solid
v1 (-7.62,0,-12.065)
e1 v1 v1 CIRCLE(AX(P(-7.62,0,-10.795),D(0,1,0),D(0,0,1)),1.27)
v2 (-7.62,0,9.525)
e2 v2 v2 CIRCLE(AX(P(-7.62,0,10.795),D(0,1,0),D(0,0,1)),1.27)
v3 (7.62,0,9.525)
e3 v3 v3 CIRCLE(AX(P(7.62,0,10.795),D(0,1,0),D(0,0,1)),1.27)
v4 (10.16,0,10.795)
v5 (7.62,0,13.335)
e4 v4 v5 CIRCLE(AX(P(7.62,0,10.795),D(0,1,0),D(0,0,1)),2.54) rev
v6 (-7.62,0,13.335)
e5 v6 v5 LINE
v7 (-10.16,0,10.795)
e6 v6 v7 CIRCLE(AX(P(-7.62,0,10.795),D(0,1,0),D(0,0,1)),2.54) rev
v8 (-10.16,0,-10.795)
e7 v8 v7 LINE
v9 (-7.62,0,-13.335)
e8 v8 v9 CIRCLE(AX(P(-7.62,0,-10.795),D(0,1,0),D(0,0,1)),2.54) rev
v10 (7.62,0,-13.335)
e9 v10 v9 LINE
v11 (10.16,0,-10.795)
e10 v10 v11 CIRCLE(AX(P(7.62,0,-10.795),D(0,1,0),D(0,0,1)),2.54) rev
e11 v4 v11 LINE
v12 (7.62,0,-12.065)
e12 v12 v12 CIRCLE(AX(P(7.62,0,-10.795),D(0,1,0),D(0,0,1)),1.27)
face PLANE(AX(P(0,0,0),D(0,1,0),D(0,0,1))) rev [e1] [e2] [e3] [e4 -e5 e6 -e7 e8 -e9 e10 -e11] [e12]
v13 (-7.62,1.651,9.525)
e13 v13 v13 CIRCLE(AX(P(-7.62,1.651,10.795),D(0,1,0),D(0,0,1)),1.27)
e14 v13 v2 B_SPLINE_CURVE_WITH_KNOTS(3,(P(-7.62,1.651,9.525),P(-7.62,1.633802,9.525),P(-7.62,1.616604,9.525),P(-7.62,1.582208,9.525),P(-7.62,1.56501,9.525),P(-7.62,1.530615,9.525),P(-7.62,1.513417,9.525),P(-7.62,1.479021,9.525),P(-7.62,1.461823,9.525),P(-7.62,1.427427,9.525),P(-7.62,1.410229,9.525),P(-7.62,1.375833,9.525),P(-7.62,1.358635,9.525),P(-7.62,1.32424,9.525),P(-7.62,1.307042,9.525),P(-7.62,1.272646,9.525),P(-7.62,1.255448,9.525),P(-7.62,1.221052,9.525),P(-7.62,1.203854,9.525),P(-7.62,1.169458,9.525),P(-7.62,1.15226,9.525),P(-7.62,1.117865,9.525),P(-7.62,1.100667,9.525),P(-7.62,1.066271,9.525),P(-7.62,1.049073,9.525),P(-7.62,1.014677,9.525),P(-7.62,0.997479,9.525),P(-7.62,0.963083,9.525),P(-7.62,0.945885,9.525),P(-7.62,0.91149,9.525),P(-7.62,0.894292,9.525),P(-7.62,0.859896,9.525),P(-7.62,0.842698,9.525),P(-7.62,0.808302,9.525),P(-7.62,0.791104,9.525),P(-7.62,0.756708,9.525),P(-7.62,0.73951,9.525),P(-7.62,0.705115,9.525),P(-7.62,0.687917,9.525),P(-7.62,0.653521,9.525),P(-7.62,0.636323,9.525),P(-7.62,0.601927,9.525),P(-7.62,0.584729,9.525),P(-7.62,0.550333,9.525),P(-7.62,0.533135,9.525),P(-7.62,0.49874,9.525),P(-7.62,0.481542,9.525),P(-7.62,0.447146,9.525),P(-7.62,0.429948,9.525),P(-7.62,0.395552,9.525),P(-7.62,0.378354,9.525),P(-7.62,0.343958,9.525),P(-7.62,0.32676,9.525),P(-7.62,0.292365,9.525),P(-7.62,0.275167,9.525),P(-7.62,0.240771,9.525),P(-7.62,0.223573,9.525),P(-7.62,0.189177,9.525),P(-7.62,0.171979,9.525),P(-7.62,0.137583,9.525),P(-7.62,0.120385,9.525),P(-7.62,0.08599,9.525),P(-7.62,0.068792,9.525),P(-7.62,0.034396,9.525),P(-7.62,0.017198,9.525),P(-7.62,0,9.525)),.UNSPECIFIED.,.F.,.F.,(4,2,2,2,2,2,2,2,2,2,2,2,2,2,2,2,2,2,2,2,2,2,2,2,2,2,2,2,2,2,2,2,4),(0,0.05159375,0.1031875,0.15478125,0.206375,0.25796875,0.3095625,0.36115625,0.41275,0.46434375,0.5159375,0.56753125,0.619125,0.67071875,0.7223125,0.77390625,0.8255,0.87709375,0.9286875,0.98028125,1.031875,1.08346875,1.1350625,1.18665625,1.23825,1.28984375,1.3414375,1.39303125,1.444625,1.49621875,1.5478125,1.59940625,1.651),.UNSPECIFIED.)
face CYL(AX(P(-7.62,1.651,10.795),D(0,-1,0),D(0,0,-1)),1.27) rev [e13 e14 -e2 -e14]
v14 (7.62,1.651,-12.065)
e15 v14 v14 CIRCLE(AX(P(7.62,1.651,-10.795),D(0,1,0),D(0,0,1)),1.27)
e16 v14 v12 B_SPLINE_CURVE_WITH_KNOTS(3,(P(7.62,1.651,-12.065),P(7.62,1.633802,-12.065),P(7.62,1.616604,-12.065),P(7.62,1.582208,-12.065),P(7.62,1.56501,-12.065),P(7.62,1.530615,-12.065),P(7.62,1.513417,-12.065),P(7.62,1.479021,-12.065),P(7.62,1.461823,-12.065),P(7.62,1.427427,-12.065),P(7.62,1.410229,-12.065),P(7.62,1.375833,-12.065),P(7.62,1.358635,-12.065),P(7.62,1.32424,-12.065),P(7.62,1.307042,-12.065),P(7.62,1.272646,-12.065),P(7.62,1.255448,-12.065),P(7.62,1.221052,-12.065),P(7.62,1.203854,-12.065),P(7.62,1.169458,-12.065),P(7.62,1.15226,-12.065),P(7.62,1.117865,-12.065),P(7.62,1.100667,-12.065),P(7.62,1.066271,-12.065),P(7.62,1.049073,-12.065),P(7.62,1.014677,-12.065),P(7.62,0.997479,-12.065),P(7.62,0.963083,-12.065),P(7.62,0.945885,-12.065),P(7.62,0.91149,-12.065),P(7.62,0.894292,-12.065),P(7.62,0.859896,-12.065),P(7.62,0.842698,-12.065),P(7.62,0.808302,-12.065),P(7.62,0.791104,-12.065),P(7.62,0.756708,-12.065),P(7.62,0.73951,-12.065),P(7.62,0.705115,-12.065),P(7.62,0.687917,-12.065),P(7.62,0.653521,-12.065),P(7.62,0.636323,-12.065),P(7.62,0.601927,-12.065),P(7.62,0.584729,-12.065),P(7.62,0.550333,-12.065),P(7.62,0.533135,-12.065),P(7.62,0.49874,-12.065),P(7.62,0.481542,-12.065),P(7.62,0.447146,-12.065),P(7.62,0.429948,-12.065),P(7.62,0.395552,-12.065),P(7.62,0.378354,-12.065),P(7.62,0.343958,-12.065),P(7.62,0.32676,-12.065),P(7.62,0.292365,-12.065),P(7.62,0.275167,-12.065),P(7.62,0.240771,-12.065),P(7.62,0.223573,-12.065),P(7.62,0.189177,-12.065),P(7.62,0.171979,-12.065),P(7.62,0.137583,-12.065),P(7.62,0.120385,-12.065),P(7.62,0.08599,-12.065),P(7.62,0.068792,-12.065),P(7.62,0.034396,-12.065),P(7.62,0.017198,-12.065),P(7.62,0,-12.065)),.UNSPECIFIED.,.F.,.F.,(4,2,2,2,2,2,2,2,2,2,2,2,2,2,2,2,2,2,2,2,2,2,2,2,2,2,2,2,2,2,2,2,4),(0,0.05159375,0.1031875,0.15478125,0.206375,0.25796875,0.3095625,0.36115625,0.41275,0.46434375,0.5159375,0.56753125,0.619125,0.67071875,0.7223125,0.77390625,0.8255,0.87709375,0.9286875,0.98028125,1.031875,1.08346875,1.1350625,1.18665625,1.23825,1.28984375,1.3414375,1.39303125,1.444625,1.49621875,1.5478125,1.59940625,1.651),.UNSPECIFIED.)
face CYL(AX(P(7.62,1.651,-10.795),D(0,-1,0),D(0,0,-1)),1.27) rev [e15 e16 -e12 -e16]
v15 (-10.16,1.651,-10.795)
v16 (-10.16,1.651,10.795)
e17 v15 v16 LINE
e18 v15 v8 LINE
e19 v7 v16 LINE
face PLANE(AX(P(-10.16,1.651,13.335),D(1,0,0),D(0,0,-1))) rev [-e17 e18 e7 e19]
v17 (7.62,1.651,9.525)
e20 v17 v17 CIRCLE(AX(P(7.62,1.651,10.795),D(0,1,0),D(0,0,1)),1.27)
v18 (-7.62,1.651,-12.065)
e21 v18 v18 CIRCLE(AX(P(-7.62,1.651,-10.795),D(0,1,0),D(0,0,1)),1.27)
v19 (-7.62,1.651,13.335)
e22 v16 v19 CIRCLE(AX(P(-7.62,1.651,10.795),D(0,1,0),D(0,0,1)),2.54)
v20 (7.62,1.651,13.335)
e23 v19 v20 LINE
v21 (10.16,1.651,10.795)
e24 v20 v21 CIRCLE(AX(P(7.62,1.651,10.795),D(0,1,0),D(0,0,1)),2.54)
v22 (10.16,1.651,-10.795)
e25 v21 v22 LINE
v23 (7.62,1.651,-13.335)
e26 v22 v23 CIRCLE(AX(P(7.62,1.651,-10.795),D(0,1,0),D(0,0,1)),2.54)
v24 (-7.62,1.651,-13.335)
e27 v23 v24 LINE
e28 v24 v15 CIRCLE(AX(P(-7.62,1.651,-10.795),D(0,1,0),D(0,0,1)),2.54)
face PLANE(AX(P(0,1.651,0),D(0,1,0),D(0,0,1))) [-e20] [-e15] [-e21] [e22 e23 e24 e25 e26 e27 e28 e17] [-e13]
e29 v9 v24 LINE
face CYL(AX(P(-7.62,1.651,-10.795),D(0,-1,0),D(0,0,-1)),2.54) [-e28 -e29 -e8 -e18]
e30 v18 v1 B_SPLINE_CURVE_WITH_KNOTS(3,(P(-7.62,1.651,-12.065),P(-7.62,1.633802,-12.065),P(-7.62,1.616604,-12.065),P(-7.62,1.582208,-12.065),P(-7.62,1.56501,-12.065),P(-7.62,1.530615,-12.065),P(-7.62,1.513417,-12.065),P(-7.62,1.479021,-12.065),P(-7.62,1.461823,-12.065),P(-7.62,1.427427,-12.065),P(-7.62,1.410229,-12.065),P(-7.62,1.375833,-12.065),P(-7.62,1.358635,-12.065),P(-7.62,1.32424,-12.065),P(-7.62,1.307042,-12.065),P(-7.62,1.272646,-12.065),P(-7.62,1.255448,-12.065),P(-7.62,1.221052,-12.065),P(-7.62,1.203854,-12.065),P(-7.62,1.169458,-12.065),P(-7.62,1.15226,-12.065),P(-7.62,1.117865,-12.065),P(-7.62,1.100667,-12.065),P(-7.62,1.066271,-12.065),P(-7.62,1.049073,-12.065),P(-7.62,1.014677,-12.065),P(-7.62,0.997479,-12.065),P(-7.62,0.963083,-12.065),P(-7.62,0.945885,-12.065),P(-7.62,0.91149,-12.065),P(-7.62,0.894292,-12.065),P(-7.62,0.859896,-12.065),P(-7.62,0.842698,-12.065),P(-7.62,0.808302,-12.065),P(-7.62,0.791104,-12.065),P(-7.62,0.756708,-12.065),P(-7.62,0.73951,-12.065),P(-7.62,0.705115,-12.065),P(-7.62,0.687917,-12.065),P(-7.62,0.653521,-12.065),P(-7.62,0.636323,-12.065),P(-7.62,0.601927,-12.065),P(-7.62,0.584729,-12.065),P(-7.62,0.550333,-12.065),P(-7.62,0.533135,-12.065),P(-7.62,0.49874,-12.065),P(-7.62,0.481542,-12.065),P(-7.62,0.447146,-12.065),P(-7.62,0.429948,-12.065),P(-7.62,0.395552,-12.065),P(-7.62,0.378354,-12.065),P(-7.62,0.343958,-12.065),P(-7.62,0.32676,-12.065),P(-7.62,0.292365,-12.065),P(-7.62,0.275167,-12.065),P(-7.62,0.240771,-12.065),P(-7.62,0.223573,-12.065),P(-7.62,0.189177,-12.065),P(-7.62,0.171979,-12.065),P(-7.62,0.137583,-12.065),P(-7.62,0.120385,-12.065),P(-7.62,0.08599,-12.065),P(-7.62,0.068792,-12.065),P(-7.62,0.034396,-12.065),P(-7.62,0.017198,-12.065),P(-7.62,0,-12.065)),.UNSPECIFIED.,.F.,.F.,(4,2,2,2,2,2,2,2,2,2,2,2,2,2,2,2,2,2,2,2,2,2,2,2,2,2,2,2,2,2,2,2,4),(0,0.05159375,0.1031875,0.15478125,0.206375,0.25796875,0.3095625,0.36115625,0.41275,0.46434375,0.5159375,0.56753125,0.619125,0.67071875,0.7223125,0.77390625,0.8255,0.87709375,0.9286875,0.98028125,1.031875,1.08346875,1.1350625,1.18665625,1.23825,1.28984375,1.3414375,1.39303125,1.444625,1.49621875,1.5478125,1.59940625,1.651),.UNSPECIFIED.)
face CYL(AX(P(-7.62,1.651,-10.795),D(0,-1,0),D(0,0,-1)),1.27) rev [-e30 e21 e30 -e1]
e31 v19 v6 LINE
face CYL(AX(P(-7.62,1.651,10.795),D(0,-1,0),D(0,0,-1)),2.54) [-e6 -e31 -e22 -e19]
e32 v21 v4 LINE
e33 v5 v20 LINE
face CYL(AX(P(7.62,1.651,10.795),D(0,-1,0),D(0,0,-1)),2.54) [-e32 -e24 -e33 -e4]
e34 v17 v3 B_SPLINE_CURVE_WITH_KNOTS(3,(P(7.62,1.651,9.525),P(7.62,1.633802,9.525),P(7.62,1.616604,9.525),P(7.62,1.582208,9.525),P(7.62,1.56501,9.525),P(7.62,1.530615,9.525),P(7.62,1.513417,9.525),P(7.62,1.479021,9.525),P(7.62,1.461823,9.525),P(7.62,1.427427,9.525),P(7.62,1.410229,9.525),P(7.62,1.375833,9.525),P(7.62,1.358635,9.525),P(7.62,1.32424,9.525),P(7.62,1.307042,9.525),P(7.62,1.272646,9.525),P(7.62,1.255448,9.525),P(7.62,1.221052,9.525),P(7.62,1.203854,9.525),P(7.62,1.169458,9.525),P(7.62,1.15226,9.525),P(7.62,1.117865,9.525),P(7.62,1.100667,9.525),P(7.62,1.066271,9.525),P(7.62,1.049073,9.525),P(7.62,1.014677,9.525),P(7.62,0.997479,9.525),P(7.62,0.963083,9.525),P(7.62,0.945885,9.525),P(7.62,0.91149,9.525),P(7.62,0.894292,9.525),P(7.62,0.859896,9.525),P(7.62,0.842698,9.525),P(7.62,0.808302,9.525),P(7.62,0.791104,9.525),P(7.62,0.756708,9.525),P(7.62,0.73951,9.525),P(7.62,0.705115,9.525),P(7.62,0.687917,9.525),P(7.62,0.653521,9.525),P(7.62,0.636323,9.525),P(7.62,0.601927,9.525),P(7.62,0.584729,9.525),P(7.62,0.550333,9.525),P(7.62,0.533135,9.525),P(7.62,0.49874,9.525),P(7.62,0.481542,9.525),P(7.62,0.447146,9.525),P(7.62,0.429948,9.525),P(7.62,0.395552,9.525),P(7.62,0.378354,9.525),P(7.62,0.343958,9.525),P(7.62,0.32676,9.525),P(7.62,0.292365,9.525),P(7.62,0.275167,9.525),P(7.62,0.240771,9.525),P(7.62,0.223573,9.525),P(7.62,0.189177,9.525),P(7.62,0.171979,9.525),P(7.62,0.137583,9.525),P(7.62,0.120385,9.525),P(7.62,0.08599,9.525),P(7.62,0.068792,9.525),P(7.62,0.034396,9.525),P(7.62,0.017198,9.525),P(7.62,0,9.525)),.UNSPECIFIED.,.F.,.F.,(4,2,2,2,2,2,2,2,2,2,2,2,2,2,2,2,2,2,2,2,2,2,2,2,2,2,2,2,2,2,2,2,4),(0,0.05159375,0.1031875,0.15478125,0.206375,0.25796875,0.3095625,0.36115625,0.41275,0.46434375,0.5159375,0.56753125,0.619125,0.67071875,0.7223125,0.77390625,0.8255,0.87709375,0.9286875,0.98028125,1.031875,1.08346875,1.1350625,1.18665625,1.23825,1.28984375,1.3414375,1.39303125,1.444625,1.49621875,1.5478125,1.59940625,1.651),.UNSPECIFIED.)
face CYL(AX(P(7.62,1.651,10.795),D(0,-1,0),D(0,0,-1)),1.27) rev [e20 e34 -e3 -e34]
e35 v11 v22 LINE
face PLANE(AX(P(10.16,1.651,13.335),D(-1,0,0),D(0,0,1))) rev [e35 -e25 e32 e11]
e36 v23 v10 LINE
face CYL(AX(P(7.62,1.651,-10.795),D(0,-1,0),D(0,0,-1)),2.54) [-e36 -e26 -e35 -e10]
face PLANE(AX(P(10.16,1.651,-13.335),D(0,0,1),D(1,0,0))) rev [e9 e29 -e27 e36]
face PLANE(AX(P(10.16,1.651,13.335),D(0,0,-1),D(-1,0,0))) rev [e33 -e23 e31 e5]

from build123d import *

# Parameters (mm, degrees)
SKETCH1_W           = 20.32
SKETCH1_H           = 26.67
SKETCH1_R           = 1.27
BOSS_EXTRUDE1_DEPTH = 1.651
FILLET1_R           = 2.54


with BuildPart() as part:
    # Sketch1 → Boss-Extrude1 (new body)
    with BuildSketch(Plane(origin=(0, 0, 0), x_dir=(1, 0, 0), z_dir=(0, 1, 0))):
        Rectangle(SKETCH1_W, SKETCH1_H)
        with Locations(Location((-7.62, 10.795, 0), (0, 0, 90))):
            Circle(SKETCH1_R, mode=Mode.SUBTRACT)
        with Locations(Location((7.62, 10.795, 0), (0, 0, 90))):
            Circle(SKETCH1_R, mode=Mode.SUBTRACT)
        with Locations(Location((7.62, -10.795, 0), (0, 0, 90))):
            Circle(SKETCH1_R, mode=Mode.SUBTRACT)
        with Locations(Location((-7.62, -10.795, 0), (0, 0, 90))):
            Circle(SKETCH1_R, mode=Mode.SUBTRACT)
    extrude(amount=BOSS_EXTRUDE1_DEPTH)

    # Fillet1
    fillet1_edges = [part.edges().sort_by_distance(p)[0] for p in [
        (-10.16, 0.8255, -13.335),
        (10.16, 0.8255, -13.335),
        (10.16, 0.8255, 13.335),
        (-10.16, 0.8255, 13.335),
    ]]
    fillet(fillet1_edges, radius=FILLET1_R)


solid = part.part
